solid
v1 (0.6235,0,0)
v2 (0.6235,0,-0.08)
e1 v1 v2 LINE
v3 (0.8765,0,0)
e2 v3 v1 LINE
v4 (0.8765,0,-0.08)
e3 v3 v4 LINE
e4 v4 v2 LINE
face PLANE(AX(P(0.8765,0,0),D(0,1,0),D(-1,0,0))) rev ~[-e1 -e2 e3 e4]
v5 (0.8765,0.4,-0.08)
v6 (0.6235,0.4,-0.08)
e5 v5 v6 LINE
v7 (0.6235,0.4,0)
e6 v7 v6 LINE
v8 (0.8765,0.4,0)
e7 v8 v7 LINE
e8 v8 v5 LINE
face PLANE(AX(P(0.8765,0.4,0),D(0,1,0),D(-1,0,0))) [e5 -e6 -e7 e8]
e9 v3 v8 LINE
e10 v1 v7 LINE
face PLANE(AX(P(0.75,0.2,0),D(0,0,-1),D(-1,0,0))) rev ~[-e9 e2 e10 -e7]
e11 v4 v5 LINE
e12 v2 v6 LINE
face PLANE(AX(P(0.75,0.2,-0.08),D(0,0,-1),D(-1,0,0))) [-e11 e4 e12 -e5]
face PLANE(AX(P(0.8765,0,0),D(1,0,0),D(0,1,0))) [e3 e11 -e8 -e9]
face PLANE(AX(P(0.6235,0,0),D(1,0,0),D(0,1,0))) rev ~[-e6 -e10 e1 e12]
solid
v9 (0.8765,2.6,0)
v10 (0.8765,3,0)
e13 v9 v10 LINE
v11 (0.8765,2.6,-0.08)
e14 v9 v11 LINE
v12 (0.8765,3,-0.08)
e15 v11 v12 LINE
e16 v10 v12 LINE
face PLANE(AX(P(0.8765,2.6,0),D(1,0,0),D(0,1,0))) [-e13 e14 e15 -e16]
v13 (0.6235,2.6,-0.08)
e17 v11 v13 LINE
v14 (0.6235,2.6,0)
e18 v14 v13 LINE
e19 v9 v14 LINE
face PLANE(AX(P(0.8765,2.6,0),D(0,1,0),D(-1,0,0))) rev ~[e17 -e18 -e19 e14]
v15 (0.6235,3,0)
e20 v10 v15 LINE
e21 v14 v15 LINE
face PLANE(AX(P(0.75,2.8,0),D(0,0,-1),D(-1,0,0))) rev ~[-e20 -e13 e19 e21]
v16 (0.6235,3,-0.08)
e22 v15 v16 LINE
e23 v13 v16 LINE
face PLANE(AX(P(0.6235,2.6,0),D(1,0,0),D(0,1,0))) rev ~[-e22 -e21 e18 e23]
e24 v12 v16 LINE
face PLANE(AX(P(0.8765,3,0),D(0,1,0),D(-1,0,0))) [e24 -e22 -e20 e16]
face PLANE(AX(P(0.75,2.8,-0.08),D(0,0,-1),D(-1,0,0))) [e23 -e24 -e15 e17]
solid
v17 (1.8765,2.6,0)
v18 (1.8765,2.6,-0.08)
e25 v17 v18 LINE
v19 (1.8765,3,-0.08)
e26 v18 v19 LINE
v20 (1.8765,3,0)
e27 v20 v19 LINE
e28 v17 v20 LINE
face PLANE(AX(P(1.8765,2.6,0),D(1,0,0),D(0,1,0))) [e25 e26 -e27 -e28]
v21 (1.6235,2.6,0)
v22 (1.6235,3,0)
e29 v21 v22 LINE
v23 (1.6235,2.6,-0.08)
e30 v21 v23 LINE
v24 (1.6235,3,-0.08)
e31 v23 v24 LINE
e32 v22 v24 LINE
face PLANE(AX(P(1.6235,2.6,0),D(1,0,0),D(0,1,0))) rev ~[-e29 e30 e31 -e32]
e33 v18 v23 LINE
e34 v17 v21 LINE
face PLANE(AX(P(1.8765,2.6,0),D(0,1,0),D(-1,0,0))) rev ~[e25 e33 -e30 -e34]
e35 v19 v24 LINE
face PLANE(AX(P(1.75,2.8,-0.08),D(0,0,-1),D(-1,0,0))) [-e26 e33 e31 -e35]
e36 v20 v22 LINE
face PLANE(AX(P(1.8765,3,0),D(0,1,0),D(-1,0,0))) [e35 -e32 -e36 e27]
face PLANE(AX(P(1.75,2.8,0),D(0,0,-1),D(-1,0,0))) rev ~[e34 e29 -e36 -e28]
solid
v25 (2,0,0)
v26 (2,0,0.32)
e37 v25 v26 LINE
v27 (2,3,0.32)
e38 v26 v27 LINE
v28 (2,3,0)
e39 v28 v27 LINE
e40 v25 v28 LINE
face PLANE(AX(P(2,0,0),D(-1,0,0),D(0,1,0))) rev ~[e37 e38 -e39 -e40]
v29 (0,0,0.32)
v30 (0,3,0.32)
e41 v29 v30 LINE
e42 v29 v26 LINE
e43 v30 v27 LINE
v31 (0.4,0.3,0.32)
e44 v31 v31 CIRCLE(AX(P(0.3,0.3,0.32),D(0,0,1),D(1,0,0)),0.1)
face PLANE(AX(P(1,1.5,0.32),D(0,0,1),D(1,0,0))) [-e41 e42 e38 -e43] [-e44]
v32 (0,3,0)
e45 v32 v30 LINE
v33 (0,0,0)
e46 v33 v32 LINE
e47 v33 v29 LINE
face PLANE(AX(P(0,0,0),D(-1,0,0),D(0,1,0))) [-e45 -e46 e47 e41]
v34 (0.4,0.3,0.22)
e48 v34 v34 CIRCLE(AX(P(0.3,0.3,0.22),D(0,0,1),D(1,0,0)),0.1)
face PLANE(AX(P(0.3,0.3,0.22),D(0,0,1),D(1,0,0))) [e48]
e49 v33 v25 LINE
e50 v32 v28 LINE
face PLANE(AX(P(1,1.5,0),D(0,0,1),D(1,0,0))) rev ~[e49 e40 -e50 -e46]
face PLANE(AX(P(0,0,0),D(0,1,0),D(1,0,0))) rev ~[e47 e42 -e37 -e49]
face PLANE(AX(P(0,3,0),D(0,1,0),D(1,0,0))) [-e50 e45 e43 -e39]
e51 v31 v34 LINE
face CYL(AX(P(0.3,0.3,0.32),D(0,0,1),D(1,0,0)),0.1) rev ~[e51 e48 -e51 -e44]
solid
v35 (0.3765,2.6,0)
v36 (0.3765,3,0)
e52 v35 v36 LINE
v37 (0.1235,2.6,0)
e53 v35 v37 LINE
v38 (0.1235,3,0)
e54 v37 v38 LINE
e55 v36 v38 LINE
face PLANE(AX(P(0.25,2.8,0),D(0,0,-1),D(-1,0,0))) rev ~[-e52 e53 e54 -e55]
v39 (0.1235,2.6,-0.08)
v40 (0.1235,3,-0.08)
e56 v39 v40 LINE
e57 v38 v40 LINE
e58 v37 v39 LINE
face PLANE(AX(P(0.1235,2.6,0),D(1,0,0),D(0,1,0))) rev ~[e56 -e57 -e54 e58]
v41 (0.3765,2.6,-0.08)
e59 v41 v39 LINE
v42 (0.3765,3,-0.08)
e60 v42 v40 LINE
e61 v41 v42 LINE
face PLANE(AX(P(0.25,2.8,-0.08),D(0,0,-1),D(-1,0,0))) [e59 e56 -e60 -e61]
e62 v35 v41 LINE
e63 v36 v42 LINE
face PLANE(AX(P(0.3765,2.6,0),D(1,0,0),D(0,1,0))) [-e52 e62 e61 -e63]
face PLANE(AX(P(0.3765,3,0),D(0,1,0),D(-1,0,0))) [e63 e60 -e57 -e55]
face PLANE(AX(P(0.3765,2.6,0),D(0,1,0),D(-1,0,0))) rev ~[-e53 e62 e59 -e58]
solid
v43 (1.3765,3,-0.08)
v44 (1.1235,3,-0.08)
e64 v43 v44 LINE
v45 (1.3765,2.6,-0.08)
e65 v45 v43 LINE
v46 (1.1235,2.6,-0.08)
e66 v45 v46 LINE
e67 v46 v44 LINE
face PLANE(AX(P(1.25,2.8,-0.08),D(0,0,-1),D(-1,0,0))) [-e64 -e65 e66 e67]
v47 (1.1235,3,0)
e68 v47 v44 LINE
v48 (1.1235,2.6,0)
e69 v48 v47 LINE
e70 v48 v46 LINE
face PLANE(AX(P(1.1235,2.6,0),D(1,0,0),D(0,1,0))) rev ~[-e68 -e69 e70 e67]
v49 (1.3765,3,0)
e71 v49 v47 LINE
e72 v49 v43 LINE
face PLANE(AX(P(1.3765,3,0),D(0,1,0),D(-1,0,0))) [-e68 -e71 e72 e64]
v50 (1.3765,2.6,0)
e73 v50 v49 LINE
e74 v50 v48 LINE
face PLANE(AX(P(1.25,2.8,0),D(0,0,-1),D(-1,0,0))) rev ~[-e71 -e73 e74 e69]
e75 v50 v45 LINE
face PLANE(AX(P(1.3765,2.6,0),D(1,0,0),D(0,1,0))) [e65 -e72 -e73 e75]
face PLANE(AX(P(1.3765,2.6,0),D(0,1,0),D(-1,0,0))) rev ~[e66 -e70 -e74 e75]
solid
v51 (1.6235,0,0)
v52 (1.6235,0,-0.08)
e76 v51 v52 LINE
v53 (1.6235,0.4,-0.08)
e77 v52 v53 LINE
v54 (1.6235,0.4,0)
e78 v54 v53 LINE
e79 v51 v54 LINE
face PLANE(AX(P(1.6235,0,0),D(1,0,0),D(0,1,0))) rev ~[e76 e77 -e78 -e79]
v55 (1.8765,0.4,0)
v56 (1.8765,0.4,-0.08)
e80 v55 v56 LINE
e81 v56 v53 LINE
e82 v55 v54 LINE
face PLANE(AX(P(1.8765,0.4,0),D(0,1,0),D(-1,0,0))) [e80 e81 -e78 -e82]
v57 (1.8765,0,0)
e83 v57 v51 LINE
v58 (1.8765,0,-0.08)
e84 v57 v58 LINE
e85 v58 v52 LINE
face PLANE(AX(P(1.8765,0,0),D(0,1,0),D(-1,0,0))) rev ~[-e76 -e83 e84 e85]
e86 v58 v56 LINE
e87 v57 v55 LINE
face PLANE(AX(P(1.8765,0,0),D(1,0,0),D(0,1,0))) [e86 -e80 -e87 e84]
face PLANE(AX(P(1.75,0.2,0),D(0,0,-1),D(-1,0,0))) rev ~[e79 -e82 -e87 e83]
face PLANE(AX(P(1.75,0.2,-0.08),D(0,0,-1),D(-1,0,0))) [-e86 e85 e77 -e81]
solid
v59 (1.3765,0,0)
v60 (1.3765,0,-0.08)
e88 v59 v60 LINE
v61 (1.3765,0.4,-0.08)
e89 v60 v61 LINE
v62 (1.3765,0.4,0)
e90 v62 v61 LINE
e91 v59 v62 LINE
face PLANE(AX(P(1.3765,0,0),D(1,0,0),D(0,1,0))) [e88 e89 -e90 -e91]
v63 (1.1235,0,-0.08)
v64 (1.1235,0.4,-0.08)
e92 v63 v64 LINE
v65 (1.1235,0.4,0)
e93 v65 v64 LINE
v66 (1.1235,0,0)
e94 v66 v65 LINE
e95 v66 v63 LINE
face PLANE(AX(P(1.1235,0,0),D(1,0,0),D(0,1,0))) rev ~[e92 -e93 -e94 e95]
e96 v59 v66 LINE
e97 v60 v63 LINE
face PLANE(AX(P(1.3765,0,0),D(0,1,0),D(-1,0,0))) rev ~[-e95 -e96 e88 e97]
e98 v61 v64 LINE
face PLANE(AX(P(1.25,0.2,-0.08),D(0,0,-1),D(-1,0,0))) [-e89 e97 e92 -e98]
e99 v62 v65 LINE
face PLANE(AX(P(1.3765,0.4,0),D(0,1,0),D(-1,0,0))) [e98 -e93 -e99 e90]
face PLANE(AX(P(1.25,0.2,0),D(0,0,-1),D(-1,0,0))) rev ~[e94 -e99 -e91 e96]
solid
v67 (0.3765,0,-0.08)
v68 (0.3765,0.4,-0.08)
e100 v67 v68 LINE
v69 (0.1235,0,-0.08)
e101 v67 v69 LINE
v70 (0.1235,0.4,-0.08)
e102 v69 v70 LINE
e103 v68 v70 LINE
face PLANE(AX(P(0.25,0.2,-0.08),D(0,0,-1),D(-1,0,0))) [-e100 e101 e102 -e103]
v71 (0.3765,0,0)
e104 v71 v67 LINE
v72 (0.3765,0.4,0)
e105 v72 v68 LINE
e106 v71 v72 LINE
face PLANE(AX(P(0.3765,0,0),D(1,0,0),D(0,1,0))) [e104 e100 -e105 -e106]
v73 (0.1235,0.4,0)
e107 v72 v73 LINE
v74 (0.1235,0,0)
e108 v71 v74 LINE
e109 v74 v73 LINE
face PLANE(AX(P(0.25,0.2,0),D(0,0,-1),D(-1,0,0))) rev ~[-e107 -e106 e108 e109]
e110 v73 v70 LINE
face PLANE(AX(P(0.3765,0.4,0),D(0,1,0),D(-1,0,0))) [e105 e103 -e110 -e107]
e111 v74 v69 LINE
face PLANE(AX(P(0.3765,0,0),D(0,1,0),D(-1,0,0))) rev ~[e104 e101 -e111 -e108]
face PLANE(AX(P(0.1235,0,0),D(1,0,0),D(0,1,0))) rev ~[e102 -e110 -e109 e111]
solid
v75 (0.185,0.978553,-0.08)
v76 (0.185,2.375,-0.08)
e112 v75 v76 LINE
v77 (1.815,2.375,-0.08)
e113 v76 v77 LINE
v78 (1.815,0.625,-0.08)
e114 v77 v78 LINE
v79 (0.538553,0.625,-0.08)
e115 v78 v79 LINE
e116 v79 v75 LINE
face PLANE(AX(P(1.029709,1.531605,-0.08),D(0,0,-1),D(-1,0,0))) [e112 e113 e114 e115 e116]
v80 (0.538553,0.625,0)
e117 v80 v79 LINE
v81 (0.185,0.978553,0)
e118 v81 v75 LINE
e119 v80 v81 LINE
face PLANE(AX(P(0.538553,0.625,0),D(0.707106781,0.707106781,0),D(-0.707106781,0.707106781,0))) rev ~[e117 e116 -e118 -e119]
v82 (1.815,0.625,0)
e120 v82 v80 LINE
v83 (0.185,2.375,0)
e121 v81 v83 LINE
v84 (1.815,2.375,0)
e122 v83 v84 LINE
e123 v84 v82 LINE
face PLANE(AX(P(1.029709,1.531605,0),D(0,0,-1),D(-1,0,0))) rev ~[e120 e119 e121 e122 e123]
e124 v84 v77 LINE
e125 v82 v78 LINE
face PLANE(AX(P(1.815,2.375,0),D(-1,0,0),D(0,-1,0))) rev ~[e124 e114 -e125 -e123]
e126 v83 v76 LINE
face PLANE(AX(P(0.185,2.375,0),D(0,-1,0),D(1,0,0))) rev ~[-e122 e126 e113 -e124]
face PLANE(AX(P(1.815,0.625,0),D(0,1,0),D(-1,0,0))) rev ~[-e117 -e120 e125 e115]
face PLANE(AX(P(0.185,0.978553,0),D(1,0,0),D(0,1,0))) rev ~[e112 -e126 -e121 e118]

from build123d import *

# Parameters (mm, degrees)
SKETCH1_W             = 2
SKETCH1_H             = 3
BOSS_EXTRUDE1_DEPTH   = 0.32
SKETCH2_R             = 0.1
CUT_EXTRUDE1_DEPTH    = 0.1
BOSS_EXTRUDE2_DEPTH   = 0.08
SKETCH3_W             = 0.253
SKETCH3_H             = 0.4
BOSS_EXTRUDE2_2_DEPTH = 0.08
BOSS_EXTRUDE2_3_DEPTH = 0.08
BOSS_EXTRUDE2_4_DEPTH = 0.08
BOSS_EXTRUDE2_5_DEPTH = 0.08
BOSS_EXTRUDE2_6_DEPTH = 0.08
BOSS_EXTRUDE2_7_DEPTH = 0.08
BOSS_EXTRUDE2_8_DEPTH = 0.08
BOSS_EXTRUDE2_9_DEPTH = 0.08


with BuildPart() as part:
    # Sketch1 → Boss-Extrude1 (new body)
    with BuildSketch(Plane.XY):
        with Locations((1, 1.5)):
            Rectangle(SKETCH1_W, SKETCH1_H)
    extrude(amount=BOSS_EXTRUDE1_DEPTH)

    # Sketch2 → Cut-Extrude1 (cut)
    with BuildSketch(Plane.XY.offset(0.32)):
        with Locations((0.3, 0.3)):
            Circle(SKETCH2_R)
    extrude(amount=-CUT_EXTRUDE1_DEPTH, mode=Mode.SUBTRACT)


with BuildPart() as body_2:
    # Sketch3 → Boss-Extrude2 (new body)
    with BuildSketch(Plane(origin=(0, 0, 0), x_dir=(-1, 0, 0), z_dir=(0, 0, -1))):
        Polygon((-0.538553391, 0.625), (-0.185, 0.978553391), (-0.185, 2.375), (-1.815, 2.375), (-1.815, 0.625), align=None)
    extrude(amount=BOSS_EXTRUDE2_DEPTH)


with BuildPart() as body_3:
    # Sketch3 → Boss-Extrude2 2 (new body)
    with BuildSketch(Plane(origin=(0, 0, 0), x_dir=(-1, 0, 0), z_dir=(0, 0, -1))):
        with Locations((-1.75, 2.8)):
            Rectangle(SKETCH3_W, SKETCH3_H)
    extrude(amount=BOSS_EXTRUDE2_2_DEPTH)


with BuildPart() as body_4:
    # Sketch3 → Boss-Extrude2 3 (new body)
    with BuildSketch(Plane(origin=(0, 0, 0), x_dir=(-1, 0, 0), z_dir=(0, 0, -1))):
        with Locations((-1.25, 2.8)):
            Rectangle(SKETCH3_W, SKETCH3_H)
    extrude(amount=BOSS_EXTRUDE2_3_DEPTH)


with BuildPart() as body_5:
    # Sketch3 → Boss-Extrude2 4 (new body)
    with BuildSketch(Plane(origin=(0, 0, 0), x_dir=(-1, 0, 0), z_dir=(0, 0, -1))):
        with Locations((-0.75, 2.8)):
            Rectangle(SKETCH3_W, SKETCH3_H)
    extrude(amount=BOSS_EXTRUDE2_4_DEPTH)


with BuildPart() as body_6:
    # Sketch3 → Boss-Extrude2 5 (new body)
    with BuildSketch(Plane(origin=(0, 0, 0), x_dir=(-1, 0, 0), z_dir=(0, 0, -1))):
        with Locations((-0.25, 2.8)):
            Rectangle(SKETCH3_W, SKETCH3_H)
    extrude(amount=BOSS_EXTRUDE2_5_DEPTH)


with BuildPart() as body_7:
    # Sketch3 → Boss-Extrude2 6 (new body)
    with BuildSketch(Plane(origin=(0, 0, 0), x_dir=(-1, 0, 0), z_dir=(0, 0, -1))):
        with Locations((-1.25, 0.2)):
            Rectangle(SKETCH3_W, SKETCH3_H)
    extrude(amount=BOSS_EXTRUDE2_6_DEPTH)


with BuildPart() as body_8:
    # Sketch3 → Boss-Extrude2 7 (new body)
    with BuildSketch(Plane(origin=(0, 0, 0), x_dir=(-1, 0, 0), z_dir=(0, 0, -1))):
        with Locations((-0.75, 0.2)):
            Rectangle(SKETCH3_W, SKETCH3_H)
    extrude(amount=BOSS_EXTRUDE2_7_DEPTH)


with BuildPart() as body_9:
    # Sketch3 → Boss-Extrude2 8 (new body)
    with BuildSketch(Plane(origin=(0, 0, 0), x_dir=(-1, 0, 0), z_dir=(0, 0, -1))):
        with Locations((-0.25, 0.2)):
            Rectangle(SKETCH3_W, SKETCH3_H)
    extrude(amount=BOSS_EXTRUDE2_8_DEPTH)


with BuildPart() as body_10:
    # Sketch3 → Boss-Extrude2 9 (new body)
    with BuildSketch(Plane(origin=(0, 0, 0), x_dir=(-1, 0, 0), z_dir=(0, 0, -1))):
        with Locations((-1.75, 0.2)):
            Rectangle(SKETCH3_W, SKETCH3_H)
    extrude(amount=BOSS_EXTRUDE2_9_DEPTH)


solid = Compound([part.part, body_2.part, body_3.part, body_4.part, body_5.part, body_6.part, body_7.part, body_8.part, body_9.part, body_10.part])
